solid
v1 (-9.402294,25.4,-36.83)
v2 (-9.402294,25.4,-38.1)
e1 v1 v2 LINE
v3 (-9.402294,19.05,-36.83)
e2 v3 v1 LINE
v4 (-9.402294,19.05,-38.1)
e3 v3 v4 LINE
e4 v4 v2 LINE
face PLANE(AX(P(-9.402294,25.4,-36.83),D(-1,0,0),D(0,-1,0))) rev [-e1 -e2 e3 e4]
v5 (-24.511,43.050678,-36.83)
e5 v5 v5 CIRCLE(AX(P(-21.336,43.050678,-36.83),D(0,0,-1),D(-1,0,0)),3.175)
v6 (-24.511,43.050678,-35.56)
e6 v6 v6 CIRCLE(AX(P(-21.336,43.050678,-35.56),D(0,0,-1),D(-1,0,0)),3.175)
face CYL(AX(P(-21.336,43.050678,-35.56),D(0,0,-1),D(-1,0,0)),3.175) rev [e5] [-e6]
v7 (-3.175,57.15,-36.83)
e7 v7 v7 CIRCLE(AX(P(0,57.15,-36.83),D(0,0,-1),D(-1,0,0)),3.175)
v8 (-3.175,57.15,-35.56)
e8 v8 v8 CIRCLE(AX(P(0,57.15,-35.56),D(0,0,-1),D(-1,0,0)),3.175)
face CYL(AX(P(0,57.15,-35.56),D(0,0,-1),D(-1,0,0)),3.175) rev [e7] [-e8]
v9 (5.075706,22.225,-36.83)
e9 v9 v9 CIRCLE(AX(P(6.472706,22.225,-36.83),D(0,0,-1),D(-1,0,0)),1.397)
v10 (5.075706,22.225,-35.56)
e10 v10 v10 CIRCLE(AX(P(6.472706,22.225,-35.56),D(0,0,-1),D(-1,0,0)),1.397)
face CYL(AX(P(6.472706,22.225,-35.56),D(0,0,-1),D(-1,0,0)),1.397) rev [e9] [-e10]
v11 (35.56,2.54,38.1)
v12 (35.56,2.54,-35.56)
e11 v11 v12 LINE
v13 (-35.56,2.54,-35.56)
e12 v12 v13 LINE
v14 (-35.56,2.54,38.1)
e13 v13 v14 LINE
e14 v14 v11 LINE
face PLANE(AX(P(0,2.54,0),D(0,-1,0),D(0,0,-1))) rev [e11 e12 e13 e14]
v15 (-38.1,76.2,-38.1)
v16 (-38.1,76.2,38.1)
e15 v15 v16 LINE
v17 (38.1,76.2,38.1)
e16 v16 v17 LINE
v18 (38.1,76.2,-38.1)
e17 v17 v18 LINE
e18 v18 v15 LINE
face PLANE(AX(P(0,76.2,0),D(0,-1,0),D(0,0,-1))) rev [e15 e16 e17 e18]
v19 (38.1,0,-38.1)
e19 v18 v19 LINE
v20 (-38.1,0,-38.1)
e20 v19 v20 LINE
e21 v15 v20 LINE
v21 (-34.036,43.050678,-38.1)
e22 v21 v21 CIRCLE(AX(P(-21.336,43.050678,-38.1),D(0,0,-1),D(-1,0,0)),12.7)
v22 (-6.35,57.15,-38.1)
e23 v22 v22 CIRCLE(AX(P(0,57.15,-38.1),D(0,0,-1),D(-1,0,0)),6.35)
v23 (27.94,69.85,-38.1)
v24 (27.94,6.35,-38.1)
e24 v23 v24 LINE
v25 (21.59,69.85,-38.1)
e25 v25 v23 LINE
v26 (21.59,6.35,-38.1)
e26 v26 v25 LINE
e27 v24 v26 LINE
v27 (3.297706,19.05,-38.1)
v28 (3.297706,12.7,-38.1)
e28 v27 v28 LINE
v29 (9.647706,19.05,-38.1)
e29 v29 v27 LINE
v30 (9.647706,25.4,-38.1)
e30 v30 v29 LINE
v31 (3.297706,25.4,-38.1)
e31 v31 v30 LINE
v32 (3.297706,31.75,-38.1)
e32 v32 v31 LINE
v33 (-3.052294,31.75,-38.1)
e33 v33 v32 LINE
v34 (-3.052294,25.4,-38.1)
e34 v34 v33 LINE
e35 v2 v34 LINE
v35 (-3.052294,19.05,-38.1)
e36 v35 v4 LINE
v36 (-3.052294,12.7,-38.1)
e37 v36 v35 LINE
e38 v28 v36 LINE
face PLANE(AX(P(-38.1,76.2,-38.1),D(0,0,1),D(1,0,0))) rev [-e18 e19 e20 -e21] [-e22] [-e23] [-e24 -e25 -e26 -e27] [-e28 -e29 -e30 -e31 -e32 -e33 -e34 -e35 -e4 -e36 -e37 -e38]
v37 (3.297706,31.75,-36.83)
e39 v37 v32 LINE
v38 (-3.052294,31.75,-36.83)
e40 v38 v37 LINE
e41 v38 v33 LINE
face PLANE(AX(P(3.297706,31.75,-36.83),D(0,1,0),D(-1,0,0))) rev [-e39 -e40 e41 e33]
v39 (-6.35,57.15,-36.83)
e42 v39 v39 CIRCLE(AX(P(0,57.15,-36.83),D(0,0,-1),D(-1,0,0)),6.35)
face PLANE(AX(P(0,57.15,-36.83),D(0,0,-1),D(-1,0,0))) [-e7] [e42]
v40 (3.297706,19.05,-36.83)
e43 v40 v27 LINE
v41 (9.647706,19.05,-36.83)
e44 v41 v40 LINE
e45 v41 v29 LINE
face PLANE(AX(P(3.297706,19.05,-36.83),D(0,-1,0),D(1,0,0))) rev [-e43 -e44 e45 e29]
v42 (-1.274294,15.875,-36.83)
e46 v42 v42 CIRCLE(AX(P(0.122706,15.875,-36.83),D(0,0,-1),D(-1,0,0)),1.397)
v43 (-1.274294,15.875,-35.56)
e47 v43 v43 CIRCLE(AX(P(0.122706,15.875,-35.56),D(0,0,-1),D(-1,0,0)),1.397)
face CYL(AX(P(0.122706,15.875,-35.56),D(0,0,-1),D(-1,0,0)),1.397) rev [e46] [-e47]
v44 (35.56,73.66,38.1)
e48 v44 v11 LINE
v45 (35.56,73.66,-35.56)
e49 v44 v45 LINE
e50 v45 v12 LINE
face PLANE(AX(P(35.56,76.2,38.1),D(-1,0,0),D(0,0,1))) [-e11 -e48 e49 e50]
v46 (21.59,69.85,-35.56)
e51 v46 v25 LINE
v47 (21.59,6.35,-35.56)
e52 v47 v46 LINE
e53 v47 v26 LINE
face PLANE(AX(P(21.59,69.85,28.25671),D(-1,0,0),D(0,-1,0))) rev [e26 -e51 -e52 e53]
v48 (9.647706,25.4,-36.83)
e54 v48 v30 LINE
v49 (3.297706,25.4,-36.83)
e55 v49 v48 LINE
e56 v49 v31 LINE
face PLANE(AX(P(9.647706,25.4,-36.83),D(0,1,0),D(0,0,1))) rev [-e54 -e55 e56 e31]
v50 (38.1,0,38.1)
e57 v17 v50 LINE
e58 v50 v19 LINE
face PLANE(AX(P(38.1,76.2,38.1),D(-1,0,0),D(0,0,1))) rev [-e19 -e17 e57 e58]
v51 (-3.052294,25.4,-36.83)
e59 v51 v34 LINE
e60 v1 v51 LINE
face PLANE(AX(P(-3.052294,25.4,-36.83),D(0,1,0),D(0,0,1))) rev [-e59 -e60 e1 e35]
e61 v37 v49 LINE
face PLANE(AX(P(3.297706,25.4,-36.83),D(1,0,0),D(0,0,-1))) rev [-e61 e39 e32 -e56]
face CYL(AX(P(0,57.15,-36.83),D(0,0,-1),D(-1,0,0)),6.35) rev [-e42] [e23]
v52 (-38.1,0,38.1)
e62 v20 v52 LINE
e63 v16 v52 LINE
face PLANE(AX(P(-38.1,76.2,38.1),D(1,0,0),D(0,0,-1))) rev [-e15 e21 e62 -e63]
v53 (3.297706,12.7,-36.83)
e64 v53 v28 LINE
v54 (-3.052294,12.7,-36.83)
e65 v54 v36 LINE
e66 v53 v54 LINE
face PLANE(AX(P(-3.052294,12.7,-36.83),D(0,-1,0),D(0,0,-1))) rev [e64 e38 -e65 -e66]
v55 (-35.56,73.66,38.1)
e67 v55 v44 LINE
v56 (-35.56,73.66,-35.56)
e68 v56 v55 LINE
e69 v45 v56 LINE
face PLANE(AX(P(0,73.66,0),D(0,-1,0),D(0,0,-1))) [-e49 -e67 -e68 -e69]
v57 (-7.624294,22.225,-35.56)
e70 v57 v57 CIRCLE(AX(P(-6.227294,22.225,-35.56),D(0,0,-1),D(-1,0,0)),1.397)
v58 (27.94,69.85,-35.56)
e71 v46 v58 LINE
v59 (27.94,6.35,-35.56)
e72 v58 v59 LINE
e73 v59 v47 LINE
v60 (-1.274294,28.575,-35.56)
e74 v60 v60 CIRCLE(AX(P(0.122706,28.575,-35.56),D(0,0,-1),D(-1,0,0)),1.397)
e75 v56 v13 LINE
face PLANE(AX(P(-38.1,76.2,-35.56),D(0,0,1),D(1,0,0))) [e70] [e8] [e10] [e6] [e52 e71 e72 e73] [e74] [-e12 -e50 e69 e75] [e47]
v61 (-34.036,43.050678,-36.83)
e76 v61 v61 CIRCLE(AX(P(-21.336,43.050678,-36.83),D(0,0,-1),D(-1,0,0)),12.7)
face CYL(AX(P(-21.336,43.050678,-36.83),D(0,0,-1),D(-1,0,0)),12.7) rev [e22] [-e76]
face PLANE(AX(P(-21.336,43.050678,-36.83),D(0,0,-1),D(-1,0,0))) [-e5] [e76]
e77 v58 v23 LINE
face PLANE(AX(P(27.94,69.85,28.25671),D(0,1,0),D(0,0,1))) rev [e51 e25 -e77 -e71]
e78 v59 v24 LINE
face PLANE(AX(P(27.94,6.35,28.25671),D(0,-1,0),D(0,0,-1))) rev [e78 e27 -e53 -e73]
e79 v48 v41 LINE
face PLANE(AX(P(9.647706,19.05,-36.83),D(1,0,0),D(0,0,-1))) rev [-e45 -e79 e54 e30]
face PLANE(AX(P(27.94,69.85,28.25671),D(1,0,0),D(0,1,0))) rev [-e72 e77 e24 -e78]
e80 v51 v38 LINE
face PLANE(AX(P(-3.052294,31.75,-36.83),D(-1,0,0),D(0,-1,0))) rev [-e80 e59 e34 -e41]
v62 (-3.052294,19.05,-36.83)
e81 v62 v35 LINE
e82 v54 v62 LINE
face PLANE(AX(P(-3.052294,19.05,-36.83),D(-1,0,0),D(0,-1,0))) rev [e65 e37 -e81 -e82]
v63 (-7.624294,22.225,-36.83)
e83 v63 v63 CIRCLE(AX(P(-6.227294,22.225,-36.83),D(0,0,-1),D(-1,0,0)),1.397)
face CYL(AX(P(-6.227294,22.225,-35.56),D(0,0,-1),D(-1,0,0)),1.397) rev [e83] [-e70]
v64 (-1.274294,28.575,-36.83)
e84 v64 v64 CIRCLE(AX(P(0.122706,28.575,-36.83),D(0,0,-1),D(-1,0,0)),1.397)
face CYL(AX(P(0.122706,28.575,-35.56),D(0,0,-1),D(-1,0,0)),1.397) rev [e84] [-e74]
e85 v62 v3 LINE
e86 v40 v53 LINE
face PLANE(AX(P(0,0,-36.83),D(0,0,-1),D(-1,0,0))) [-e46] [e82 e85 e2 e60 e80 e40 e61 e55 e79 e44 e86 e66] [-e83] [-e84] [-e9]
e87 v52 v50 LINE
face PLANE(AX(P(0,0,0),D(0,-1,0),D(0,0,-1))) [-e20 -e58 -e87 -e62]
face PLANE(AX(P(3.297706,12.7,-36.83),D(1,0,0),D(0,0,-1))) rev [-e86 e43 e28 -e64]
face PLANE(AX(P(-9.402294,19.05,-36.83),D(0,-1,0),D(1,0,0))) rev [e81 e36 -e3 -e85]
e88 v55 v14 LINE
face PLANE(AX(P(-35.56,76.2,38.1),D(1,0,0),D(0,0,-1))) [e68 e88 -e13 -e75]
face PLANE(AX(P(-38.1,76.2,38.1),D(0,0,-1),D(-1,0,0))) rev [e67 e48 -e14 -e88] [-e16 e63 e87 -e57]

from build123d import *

# Parameters (mm, degrees)
SKETCH1_W               = 76.2
SKETCH1_H               = 76.2
BOX_DEPTH               = 76.2
HOLLOW_IT_T             = -2.54
SKETCH2_W               = 6.35
SKETCH2_H               = 63.5
SLIDER_TRACK_DEPTH      = 2.54
SKETCH4_R               = 6.35
BUTTON_LARGE_RING_DEPTH = 1.27
SKETCH5_R               = 3.175
BUTTON_SMALL_HOLE_DEPTH = 1.27
DPAD_LARGE_SHAPE_DEPTH  = 1.27
SKETCH7_R               = 1.397
DPAD_TINY_HOLES_DEPTH   = 1.27
SKETCH8_R               = 12.7
DIAL_LARGE_RING_DEPTH   = 1.27
SKETCH9_R               = 3.175
DIAL_SMALL_HOLE_DEPTH   = 1.27


with BuildPart() as part:
    # Sketch1 → box (new body)
    with BuildSketch(Plane(origin=(0, 0, 0), x_dir=(1, 0, 0), z_dir=(0, 1, 0))):
        Rectangle(SKETCH1_W, SKETCH1_H)
    extrude(amount=BOX_DEPTH)

    # hollow it
    hollow_it_openings = [part.faces().sort_by_distance(p)[0] for p in [
        (0, 38.1, 38.1),
    ]]
    offset(amount=HOLLOW_IT_T, openings=hollow_it_openings, kind=Kind.INTERSECTION)

    # Sketch2 → slider track (cut)
    with BuildSketch(Plane(origin=(0, 0, -38.1), x_dir=(-1, 0, 0), z_dir=(0, 0, -1))):
        with Locations((-24.765, 38.1)):
            Rectangle(SKETCH2_W, SKETCH2_H)
    extrude(amount=-SLIDER_TRACK_DEPTH, mode=Mode.SUBTRACT)

    # Sketch4 → button large ring (cut)
    with BuildSketch(Plane(origin=(0, 0, -38.1), x_dir=(-1, 0, 0), z_dir=(0, 0, -1))):
        with Locations((0, 57.15)):
            Circle(SKETCH4_R)
    extrude(amount=-BUTTON_LARGE_RING_DEPTH, mode=Mode.SUBTRACT)

    # Sketch5 → button small hole (cut)
    with BuildSketch(Plane(origin=(0, 0, -36.83), x_dir=(-1, 0, 0), z_dir=(0, 0, -1))):
        with Locations((0, 57.15)):
            Circle(SKETCH5_R)
    extrude(amount=-BUTTON_SMALL_HOLE_DEPTH, mode=Mode.SUBTRACT)

    # Sketch6 → dpad large shape (cut)
    with BuildSketch(Plane(origin=(0, 0, -38.1), x_dir=(-1, 0, 0), z_dir=(0, 0, -1))):
        Polygon((-3.297705804, 25.4), (-3.297705804, 31.75), (3.052294196, 31.75), (3.052294196, 25.4), (9.402294196, 25.4), (9.402294196, 19.05), (3.052294196, 19.05), (3.052294196, 12.7), (-3.297705804, 12.7), (-3.297705804, 19.05), (-9.647705804, 19.05), (-9.647705804, 25.4), align=None)
    extrude(amount=-DPAD_LARGE_SHAPE_DEPTH, mode=Mode.SUBTRACT)

    # Sketch7 → dpad tiny holes (cut)
    with BuildSketch(Plane(origin=(0, 0, -36.83), x_dir=(-1, 0, 0), z_dir=(0, 0, -1))):
        with Locations((-0.122705804, 28.575)):
            Circle(SKETCH7_R)
        with Locations((6.227294196, 22.225)):
            Circle(SKETCH7_R)
        with Locations((-0.122705804, 15.875)):
            Circle(SKETCH7_R)
        with Locations((-6.472705804, 22.225)):
            Circle(SKETCH7_R)
    extrude(amount=-DPAD_TINY_HOLES_DEPTH, mode=Mode.SUBTRACT)

    # Sketch8 → dial large ring (cut)
    with BuildSketch(Plane(origin=(0, 0, -38.1), x_dir=(-1, 0, 0), z_dir=(0, 0, -1))):
        with Locations((21.336, 43.050678032)):
            Circle(SKETCH8_R)
    extrude(amount=-DIAL_LARGE_RING_DEPTH, mode=Mode.SUBTRACT)

    # Sketch9 → dial small hole (cut)
    with BuildSketch(Plane(origin=(0, 0, -36.83), x_dir=(-1, 0, 0), z_dir=(0, 0, -1))):
        with Locations((21.336, 43.050678032)):
            Circle(SKETCH9_R)
    extrude(amount=-DIAL_SMALL_HOLE_DEPTH, mode=Mode.SUBTRACT)


solid = part.part
